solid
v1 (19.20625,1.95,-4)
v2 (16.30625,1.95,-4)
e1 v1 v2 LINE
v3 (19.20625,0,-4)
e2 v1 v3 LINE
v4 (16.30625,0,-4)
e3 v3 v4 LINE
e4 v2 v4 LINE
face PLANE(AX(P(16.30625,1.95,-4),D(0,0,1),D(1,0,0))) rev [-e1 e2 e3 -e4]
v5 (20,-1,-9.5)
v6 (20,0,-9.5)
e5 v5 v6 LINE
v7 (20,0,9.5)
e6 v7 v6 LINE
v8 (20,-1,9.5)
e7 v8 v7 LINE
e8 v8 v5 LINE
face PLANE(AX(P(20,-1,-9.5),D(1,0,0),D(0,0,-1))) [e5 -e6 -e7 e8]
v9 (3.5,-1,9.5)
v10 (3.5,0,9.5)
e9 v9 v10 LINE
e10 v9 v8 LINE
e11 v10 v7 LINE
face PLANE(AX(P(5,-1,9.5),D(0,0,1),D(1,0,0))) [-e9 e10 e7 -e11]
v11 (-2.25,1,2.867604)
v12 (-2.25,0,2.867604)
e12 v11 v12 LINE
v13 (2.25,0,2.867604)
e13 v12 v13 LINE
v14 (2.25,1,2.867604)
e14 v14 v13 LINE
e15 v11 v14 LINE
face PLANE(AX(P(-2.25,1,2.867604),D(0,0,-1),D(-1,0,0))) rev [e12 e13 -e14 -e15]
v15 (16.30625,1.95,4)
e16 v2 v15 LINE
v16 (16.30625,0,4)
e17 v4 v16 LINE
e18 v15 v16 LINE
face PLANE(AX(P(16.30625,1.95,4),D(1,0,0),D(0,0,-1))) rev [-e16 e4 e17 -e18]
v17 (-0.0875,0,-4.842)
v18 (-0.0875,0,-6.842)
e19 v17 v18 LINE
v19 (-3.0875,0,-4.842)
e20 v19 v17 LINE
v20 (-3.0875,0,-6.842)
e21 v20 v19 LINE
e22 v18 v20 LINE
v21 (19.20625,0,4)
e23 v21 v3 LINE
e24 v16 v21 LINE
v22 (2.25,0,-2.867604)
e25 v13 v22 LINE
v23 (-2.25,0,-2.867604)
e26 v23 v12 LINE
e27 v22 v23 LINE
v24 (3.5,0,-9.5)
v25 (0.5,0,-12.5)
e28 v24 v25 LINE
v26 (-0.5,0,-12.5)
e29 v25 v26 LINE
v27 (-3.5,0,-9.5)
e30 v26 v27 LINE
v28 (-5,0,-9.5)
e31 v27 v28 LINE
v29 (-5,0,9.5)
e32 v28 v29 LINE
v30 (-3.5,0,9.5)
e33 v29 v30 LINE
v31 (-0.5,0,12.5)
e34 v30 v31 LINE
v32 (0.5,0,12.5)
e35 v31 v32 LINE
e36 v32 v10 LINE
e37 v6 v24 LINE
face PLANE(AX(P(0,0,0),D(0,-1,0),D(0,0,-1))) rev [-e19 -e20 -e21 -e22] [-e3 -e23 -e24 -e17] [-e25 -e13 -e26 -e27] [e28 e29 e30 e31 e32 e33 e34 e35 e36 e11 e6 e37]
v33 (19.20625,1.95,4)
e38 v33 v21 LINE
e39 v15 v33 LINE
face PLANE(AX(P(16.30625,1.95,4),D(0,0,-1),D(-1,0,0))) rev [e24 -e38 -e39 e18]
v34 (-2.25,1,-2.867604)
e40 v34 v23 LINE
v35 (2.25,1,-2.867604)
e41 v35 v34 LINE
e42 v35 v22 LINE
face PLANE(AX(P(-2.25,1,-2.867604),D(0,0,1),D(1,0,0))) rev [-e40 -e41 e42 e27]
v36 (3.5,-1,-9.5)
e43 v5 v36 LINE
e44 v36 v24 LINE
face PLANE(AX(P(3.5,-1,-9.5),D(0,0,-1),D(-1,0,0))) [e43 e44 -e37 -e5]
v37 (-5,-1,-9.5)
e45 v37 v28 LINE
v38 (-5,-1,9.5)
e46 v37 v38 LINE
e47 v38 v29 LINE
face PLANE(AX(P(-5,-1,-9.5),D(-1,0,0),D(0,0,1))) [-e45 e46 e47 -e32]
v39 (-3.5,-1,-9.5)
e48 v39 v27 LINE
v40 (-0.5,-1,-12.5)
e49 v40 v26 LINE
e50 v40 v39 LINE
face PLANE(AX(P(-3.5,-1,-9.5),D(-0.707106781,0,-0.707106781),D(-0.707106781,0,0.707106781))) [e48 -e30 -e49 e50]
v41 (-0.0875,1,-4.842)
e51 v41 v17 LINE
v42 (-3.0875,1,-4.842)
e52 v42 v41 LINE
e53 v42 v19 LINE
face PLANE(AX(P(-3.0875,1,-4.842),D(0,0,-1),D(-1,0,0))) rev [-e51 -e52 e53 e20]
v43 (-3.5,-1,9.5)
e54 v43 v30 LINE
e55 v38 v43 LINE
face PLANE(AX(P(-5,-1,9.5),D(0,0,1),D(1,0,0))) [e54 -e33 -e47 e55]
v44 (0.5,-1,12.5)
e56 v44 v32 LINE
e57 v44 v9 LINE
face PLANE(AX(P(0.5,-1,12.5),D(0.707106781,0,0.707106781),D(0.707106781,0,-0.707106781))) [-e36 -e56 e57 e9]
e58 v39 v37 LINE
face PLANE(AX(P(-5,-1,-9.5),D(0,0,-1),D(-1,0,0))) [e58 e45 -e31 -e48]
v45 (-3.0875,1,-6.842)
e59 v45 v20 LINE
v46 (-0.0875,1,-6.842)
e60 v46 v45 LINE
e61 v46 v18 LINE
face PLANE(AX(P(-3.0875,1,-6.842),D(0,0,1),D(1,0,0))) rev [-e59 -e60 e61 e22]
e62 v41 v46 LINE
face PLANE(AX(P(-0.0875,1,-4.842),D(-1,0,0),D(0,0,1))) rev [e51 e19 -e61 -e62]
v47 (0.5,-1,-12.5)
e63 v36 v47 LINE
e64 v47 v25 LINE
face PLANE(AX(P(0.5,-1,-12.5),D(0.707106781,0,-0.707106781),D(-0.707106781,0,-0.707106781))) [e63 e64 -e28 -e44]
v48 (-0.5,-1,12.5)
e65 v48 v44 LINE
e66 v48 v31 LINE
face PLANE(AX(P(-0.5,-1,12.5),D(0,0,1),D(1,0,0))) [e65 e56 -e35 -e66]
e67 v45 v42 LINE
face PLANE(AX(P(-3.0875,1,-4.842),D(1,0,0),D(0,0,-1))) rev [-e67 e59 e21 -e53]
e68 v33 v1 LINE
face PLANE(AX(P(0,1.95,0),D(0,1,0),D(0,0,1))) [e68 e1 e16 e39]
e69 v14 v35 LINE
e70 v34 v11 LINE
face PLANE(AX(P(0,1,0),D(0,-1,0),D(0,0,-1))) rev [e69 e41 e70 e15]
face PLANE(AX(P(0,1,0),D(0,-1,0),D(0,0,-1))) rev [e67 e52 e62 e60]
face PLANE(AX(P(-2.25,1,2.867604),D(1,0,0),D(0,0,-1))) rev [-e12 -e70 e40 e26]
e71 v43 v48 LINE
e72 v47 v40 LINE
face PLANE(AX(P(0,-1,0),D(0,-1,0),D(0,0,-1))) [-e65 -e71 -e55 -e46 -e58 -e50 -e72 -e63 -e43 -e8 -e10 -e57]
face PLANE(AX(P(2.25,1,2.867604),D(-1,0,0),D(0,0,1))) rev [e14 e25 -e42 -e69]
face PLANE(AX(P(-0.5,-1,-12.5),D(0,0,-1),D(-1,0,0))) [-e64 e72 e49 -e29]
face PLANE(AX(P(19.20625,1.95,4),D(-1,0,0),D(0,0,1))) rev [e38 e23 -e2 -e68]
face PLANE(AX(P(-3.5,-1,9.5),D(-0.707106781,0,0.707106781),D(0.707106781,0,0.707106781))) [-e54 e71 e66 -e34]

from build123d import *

# Parameters (mm, degrees)
BOSS_EXTRUDE1_DEPTH = 1.000000032
SKETCH2_W           = 4.49999989
SKETCH2_H           = 5.735208424
SKETCH2_W_2         = 3
SKETCH2_H_2         = 2
BOSS_EXTRUDE2_DEPTH = 1
SKETCH3_W           = 2.900000042
SKETCH3_H           = 8.000000002
BOSS_EXTRUDE3_DEPTH = 1.94999991


with BuildPart() as part:
    # Sketch1 → Boss-Extrude1 (new body)
    with BuildSketch(Plane(origin=(0, 0, 0), x_dir=(1, 0, 0), z_dir=(0, 1, 0))):
        Polygon((-3.499999985, 9.50000005), (-0.499999889, 12.500000146), (0.499999889, 12.500000146), (3.499999985, 9.50000005), (4.999999906, 9.50000005), (20.000000132, 9.50000005), (20.000000132, -9.50000005), (4.999999906, -9.50000005), (3.499999985, -9.50000005), (0.499999889, -12.500000146), (-0.499999889, -12.500000146), (-3.499999985, -9.50000005), (-4.999999906, -9.50000005), (-4.999999906, 9.50000005), align=None)
    extrude(amount=-BOSS_EXTRUDE1_DEPTH)

    # Sketch2 → Boss-Extrude2 (add)
    with BuildSketch(Plane(origin=(0, 0, 0), x_dir=(1, 0, 0), z_dir=(0, 1, 0))):
        Rectangle(SKETCH2_W, SKETCH2_H)
        with Locations((-1.5875, 5.842)):
            Rectangle(SKETCH2_W_2, SKETCH2_H_2)
    extrude(amount=BOSS_EXTRUDE2_DEPTH)

    # Sketch3 → Boss-Extrude3 (add)
    with BuildSketch(Plane(origin=(0, 0, 0), x_dir=(1, 0, 0), z_dir=(0, 1, 0))):
        with Locations((17.756250111, 0)):
            Rectangle(SKETCH3_W, SKETCH3_H)
    extrude(amount=BOSS_EXTRUDE3_DEPTH)


solid = part.part
